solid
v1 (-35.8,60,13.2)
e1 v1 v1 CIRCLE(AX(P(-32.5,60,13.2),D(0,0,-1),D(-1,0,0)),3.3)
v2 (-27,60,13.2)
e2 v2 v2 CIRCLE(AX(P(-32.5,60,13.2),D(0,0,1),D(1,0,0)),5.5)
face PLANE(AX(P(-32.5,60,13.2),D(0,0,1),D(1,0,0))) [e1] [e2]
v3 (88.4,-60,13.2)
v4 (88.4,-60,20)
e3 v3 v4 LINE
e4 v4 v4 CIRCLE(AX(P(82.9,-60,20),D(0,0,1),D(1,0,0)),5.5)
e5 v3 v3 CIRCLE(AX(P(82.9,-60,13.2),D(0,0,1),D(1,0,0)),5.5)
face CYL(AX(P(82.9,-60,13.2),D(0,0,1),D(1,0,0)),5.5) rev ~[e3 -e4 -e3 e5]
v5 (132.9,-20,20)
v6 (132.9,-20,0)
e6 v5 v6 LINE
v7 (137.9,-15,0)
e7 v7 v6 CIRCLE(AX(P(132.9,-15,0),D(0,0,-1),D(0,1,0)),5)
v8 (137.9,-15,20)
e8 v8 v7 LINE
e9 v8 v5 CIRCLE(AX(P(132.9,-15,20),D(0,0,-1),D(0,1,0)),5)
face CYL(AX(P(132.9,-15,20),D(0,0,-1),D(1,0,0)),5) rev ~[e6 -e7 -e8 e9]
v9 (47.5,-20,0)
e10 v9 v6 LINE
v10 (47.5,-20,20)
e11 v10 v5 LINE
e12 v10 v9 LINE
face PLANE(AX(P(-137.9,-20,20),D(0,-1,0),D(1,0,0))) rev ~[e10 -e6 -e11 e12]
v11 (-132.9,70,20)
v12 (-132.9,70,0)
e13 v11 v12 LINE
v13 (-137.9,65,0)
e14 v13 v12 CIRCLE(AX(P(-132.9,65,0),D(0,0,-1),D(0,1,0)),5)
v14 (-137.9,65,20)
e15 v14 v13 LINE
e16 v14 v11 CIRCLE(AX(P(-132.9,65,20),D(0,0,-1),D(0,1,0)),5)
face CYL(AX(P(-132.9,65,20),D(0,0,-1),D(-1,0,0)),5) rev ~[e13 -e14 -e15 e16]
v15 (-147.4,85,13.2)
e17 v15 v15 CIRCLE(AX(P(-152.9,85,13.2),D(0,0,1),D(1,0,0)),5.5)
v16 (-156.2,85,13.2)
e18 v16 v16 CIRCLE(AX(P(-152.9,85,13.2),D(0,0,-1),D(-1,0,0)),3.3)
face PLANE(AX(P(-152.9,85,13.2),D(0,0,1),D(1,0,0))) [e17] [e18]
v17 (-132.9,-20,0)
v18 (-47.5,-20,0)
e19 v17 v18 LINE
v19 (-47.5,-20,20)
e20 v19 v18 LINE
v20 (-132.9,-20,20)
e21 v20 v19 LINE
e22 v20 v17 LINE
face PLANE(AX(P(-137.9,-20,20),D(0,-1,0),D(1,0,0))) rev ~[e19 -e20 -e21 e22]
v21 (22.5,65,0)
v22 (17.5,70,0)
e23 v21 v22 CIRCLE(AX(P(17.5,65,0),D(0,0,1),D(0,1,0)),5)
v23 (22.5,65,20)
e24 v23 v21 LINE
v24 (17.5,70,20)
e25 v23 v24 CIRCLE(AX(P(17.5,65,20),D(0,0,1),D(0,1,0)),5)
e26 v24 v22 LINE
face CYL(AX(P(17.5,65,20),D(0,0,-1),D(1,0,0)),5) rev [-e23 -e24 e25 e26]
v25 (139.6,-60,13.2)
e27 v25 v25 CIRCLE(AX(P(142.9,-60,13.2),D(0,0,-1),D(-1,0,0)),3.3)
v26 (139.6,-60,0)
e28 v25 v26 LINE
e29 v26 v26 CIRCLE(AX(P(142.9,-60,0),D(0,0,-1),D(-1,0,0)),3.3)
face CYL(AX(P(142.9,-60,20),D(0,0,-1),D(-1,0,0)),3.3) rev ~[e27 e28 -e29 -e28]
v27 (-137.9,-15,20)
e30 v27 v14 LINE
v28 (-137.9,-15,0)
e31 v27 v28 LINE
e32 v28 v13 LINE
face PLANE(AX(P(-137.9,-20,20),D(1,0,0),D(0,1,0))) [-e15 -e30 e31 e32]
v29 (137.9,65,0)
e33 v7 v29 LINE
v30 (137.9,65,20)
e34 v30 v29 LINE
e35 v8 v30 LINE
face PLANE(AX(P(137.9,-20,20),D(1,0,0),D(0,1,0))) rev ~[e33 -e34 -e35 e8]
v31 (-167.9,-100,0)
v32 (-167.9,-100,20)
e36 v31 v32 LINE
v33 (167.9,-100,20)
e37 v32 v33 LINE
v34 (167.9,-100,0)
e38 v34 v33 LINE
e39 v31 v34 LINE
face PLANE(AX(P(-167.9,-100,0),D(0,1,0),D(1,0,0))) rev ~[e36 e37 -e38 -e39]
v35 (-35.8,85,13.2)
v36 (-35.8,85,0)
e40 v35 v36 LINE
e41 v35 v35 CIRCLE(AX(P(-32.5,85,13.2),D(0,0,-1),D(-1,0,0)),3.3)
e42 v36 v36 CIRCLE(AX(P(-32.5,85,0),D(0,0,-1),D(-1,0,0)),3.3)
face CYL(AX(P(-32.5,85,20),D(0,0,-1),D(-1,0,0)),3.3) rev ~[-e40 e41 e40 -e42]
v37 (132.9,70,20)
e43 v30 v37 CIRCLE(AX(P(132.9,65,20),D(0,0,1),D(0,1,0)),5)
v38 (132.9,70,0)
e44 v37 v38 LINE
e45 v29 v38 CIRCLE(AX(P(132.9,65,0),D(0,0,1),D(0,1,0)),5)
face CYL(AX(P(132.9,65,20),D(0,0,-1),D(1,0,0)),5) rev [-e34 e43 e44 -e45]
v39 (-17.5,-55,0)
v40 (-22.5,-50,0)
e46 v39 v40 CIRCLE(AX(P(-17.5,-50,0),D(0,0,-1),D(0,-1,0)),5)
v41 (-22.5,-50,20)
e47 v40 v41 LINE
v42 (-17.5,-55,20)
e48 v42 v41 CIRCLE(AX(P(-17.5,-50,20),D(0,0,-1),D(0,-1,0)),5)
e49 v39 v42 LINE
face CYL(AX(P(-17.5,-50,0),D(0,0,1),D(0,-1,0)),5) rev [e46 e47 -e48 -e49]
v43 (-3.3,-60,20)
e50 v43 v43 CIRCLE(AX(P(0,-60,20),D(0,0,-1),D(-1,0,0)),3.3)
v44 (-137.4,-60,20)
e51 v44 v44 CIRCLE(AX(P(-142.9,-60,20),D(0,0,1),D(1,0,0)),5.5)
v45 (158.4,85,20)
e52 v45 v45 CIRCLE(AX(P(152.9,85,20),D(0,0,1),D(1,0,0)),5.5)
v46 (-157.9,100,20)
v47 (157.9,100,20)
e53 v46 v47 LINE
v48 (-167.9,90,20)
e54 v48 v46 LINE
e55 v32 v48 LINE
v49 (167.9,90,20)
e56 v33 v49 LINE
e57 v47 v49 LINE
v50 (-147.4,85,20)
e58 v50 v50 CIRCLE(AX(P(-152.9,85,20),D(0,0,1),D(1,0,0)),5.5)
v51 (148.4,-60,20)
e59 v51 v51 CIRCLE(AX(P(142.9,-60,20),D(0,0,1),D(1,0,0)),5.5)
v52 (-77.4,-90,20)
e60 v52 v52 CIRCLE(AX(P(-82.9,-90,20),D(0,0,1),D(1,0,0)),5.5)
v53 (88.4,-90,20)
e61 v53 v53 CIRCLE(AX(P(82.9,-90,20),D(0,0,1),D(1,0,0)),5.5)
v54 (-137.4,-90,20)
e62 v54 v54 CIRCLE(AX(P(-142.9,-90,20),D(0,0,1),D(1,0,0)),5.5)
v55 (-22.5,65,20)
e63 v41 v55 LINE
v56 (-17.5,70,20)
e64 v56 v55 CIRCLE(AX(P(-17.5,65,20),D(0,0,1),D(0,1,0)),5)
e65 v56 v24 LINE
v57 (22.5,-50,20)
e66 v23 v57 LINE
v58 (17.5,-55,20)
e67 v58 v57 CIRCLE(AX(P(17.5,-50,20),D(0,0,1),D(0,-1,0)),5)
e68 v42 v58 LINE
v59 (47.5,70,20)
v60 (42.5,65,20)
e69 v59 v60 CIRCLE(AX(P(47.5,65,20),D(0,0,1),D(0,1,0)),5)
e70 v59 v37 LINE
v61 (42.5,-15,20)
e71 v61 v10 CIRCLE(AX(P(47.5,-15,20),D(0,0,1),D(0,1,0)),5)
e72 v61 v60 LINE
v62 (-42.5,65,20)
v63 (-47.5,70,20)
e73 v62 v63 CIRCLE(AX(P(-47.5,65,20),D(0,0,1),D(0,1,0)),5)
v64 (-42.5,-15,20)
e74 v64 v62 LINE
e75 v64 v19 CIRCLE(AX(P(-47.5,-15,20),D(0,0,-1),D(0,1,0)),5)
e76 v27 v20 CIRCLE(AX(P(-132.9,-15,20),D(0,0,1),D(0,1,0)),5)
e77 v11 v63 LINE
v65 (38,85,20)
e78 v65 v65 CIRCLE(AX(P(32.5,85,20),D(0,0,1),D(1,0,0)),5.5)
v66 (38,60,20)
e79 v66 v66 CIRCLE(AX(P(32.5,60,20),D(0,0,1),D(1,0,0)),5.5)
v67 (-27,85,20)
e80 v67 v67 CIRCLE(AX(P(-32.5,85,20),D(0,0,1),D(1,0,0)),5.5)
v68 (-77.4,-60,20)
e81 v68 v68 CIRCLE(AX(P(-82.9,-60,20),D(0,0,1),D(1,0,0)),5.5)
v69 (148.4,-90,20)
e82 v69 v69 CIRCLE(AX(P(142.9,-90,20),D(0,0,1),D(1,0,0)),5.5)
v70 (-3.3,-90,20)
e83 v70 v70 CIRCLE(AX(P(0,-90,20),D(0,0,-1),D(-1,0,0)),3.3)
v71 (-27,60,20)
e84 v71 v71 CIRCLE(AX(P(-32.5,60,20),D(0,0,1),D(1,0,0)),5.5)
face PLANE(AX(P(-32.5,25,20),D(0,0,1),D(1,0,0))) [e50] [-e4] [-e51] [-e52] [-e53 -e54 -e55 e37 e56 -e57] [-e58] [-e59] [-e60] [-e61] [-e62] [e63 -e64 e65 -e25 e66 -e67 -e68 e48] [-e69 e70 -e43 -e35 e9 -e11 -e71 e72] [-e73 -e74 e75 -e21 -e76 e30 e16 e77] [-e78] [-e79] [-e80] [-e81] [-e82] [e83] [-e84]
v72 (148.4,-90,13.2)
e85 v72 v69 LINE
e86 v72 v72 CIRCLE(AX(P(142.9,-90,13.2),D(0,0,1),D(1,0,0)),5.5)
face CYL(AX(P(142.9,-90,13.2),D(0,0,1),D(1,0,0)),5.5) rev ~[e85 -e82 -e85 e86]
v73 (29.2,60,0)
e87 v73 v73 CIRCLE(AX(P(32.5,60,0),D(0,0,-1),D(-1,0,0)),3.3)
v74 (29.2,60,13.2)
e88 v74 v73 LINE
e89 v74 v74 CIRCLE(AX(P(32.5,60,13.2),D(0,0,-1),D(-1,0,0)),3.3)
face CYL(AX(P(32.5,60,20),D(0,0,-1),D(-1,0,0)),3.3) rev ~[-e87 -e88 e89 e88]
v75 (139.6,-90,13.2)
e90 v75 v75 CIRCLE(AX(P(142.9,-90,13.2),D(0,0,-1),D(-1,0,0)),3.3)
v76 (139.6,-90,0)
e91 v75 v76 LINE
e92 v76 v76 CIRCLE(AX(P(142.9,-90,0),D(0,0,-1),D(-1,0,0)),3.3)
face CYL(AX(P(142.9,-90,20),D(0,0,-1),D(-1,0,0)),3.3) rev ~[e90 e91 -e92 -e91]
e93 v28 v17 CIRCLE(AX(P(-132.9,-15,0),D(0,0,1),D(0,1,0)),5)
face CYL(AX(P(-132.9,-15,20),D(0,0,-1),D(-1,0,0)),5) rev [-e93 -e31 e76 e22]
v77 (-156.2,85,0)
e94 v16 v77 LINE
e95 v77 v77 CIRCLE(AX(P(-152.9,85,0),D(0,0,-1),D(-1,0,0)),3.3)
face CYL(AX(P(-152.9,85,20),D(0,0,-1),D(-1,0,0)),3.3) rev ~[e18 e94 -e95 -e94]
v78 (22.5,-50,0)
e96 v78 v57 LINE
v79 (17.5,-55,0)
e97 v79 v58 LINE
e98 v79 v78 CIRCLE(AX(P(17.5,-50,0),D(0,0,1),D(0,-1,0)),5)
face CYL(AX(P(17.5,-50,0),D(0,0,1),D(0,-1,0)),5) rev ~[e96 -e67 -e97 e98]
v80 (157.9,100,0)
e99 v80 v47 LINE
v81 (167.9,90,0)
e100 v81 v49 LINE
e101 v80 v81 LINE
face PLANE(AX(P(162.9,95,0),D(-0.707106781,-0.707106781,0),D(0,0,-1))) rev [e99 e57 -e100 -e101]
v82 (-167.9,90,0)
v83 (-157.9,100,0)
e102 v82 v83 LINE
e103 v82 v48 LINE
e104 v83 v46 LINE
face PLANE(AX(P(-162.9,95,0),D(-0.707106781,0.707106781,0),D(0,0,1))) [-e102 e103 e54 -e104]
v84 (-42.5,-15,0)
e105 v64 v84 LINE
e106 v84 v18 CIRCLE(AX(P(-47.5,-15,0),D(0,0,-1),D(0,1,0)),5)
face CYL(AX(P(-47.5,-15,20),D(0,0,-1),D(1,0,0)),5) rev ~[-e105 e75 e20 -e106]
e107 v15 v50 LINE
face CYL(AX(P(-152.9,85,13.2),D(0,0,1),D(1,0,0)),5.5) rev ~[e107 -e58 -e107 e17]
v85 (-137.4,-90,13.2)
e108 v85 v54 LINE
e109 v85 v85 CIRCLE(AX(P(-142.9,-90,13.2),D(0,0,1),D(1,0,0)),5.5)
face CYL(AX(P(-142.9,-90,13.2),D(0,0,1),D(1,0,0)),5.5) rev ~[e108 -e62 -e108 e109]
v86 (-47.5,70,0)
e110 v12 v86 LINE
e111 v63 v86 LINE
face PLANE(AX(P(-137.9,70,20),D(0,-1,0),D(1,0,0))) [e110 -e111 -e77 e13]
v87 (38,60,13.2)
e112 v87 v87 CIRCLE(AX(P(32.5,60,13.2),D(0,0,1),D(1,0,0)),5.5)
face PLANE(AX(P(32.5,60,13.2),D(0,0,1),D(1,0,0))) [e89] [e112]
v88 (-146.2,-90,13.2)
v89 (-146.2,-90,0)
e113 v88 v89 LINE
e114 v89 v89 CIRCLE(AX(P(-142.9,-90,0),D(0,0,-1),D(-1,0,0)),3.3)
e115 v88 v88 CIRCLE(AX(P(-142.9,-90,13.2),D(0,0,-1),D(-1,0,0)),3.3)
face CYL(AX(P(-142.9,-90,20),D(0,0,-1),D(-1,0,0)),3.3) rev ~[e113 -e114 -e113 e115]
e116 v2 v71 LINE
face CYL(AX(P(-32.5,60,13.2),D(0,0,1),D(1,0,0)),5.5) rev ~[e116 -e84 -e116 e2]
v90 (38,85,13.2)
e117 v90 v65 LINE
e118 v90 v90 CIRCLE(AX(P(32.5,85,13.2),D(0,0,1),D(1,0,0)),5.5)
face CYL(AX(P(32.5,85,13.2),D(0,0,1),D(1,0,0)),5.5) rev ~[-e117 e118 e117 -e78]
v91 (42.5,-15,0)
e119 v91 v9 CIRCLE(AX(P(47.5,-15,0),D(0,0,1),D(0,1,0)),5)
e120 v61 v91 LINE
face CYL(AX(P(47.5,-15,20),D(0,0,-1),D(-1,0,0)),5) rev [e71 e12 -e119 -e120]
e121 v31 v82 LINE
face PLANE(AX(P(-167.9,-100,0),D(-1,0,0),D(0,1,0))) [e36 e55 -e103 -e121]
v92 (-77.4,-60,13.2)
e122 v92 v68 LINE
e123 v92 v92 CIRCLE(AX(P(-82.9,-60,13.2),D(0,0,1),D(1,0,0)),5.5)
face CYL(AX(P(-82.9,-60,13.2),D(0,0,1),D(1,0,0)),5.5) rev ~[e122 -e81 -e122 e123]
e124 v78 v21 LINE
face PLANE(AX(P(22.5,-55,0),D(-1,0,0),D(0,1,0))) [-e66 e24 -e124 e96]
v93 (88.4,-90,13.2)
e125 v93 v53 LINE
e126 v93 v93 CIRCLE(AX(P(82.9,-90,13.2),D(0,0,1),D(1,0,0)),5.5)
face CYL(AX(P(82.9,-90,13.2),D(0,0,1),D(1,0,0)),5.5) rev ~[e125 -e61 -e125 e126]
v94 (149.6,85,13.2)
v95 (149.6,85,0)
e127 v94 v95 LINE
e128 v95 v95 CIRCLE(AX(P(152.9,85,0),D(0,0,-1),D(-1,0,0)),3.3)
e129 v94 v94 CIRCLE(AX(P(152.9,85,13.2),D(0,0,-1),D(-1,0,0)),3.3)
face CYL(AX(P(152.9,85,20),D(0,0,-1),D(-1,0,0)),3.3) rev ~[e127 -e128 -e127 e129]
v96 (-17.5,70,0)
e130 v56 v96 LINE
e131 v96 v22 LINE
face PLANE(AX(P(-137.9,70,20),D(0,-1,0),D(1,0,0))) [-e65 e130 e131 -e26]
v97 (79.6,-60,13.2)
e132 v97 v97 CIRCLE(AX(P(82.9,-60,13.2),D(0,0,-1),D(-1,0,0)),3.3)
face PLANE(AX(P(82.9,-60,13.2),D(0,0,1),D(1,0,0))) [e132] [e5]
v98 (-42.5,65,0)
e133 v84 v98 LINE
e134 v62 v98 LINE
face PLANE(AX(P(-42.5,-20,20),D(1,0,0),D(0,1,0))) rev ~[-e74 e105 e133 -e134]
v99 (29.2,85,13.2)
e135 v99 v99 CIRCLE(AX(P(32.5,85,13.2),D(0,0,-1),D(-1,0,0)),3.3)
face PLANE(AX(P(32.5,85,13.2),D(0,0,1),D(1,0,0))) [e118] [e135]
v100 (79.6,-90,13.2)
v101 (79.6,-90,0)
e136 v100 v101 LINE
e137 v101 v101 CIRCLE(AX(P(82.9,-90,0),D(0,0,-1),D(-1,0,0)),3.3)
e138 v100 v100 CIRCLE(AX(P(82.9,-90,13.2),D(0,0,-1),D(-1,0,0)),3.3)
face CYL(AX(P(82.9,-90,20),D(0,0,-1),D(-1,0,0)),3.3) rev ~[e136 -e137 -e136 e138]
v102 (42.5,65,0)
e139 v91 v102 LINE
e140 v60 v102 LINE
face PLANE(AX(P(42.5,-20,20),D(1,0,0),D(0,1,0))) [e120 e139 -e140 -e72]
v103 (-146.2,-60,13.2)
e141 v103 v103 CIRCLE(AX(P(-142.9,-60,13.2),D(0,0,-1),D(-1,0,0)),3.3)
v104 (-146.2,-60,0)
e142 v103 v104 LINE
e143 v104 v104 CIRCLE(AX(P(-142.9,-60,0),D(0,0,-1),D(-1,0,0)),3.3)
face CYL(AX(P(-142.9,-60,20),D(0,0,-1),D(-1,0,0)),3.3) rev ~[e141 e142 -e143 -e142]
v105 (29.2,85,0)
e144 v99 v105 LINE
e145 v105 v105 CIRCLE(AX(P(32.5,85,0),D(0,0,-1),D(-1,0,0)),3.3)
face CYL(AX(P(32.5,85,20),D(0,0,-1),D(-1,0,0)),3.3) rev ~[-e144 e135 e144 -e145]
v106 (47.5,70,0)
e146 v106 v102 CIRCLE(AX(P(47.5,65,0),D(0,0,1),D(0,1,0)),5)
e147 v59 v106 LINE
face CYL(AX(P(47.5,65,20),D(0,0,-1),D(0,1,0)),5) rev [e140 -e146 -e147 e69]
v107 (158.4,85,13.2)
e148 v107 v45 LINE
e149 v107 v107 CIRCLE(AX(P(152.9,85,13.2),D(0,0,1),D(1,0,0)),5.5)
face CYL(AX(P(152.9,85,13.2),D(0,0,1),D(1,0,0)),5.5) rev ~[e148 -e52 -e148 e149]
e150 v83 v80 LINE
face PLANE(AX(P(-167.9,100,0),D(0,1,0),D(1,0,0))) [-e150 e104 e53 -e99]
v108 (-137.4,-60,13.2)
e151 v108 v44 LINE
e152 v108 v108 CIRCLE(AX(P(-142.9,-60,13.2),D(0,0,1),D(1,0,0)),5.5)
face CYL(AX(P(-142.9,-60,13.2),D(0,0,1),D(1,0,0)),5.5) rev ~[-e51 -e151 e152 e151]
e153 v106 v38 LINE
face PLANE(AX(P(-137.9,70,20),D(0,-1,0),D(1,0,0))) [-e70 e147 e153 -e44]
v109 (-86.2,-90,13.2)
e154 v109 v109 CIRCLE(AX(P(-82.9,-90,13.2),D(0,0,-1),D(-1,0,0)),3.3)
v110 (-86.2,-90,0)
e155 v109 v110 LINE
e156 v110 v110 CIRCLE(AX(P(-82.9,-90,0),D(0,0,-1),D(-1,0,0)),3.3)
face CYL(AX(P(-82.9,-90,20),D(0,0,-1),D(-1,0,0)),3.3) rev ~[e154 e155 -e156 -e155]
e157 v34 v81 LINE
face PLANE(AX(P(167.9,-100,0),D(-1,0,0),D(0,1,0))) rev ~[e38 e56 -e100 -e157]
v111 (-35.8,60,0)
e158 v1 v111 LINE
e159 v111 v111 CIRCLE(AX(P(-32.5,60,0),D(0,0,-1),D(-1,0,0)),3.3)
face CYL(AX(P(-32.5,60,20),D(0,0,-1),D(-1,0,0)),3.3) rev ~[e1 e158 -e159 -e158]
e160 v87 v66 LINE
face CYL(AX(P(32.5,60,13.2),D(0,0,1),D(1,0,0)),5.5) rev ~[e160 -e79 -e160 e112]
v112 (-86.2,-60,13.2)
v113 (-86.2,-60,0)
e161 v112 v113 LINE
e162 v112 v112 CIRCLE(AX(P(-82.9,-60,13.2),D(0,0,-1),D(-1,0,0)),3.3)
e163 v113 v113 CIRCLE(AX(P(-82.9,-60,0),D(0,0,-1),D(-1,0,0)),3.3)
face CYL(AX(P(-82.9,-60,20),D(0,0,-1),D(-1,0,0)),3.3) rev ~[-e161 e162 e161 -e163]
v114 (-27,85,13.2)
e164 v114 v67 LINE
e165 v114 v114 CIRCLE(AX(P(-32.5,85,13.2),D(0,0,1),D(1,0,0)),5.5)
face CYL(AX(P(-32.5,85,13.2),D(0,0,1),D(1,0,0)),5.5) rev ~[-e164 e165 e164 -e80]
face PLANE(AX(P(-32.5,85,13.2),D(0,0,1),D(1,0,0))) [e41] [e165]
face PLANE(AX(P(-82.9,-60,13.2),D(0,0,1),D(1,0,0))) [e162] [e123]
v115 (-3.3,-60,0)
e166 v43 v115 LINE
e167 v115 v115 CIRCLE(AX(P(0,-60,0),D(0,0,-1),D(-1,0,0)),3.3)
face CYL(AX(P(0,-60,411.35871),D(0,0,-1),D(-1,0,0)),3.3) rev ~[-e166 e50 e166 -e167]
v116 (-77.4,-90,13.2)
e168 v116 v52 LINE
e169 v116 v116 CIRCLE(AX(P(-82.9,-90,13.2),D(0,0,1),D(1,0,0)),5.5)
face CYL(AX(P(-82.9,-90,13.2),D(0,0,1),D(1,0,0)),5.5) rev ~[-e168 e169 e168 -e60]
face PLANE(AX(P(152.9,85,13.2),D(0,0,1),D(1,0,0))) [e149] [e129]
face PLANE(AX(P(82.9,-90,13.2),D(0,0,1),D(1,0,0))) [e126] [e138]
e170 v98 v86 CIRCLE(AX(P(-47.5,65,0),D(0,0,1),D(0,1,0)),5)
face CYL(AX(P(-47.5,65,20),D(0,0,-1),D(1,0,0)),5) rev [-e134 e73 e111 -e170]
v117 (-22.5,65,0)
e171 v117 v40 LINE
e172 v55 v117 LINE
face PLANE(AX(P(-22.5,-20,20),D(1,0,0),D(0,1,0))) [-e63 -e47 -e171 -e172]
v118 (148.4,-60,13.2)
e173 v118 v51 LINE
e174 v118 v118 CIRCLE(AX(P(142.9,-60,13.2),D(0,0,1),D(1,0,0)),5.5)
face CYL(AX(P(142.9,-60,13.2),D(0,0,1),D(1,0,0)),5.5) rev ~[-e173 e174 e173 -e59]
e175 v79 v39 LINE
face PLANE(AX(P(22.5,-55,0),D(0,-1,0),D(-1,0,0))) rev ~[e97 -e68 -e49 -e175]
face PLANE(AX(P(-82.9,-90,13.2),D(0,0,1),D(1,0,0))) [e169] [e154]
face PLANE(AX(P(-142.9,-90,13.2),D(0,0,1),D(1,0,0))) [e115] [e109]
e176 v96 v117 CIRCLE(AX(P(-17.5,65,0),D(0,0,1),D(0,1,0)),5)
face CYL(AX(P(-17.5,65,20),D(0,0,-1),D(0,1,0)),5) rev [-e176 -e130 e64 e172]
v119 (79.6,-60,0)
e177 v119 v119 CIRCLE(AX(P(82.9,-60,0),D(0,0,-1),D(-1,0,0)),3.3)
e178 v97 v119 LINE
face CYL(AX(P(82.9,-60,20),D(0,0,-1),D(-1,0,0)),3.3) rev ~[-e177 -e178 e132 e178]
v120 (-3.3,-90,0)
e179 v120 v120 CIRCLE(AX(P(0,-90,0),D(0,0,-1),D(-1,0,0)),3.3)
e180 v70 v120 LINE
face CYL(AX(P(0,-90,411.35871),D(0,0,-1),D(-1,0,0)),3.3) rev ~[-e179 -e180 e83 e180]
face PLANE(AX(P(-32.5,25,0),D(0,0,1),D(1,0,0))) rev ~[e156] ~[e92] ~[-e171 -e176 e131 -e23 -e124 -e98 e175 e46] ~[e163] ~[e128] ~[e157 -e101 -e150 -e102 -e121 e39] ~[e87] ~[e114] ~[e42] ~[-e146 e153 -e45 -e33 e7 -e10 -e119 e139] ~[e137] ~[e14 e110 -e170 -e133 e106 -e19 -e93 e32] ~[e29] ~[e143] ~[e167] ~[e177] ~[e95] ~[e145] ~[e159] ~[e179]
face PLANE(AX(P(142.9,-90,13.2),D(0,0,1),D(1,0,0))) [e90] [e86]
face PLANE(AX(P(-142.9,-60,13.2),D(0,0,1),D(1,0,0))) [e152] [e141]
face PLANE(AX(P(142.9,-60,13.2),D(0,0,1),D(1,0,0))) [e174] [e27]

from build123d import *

# Parameters (mm, degrees)
SKETCH1_W                                            = 335.8
SKETCH1_H                                            = 200
BOSS_EXTRUDE1_DEPTH                                  = 20
SKETCH2_W                                            = 275.8
SKETCH2_H                                            = 90
CUT_EXTRUDE1_DEPTH                                   = 197.44441962
SKETCH3_W                                            = 45
SKETCH3_H                                            = 90
CUT_EXTRUDE2_DEPTH                                   = 197.44441962
CBORE_FOR_M6_HEXAGON_SOCKET_HEAD_CAP_SCR_D           = 6.6
CBORE_FOR_M6_HEXAGON_SOCKET_HEAD_CAP_SCR_CBORE_D     = 11
CBORE_FOR_M6_HEXAGON_SOCKET_HEAD_CAP_SCR_CBORE_DEPTH = 6.8
M6_CLEARANCE_HOLE1_D                                 = 6.6
SKETCH8_W                                            = 20
SKETCH8_H                                            = 90
BOSS_EXTRUDE2_DEPTH                                  = 20
FILLET1_R                                            = 5
CBORE_FOR_M6_HEXAGON_SOCKET_HEAD_CAP_2_D             = 6.6
CBORE_FOR_M6_HEXAGON_SOCKET_HEAD_CAP_2_CBORE_D       = 11
CBORE_FOR_M6_HEXAGON_SOCKET_HEAD_CAP_2_CBORE_DEPTH   = 6.8
CHAMFER1_SIZE                                        = 10


with BuildPart() as part:
    # Sketch1 → Boss-Extrude1 (new body)
    with BuildSketch(Plane.XY):
        Rectangle(SKETCH1_W, SKETCH1_H)
    extrude(amount=BOSS_EXTRUDE1_DEPTH)

    # Sketch2 → Cut-Extrude1 (cut, through all)
    with BuildSketch(Plane.XY.offset(20)):
        with Locations((0, 25)):
            Rectangle(SKETCH2_W, SKETCH2_H)
    extrude(amount=-CUT_EXTRUDE1_DEPTH, mode=Mode.SUBTRACT)

    # Sketch3 → Cut-Extrude2 (cut, through all)
    with BuildSketch(Plane(origin=(0, 0, 0), x_dir=(-1, 0, 0), z_dir=(0, 0, -1))):
        with Locations((0, -10)):
            Rectangle(SKETCH3_W, SKETCH3_H)
    extrude(amount=-CUT_EXTRUDE2_DEPTH, mode=Mode.SUBTRACT)

    # CBORE for M6 Hexagon socket head cap scr (through all)
    with Locations(Plane.XY.offset(20)):
        with Locations((-142.9, -60), (-142.9, -90), (-82.9, -60), (-82.9, -90), (82.9, -90), (82.9, -60), (142.9, -90), (142.9, -60)):
            CounterBoreHole(CBORE_FOR_M6_HEXAGON_SOCKET_HEAD_CAP_SCR_D / 2, CBORE_FOR_M6_HEXAGON_SOCKET_HEAD_CAP_SCR_CBORE_D / 2, CBORE_FOR_M6_HEXAGON_SOCKET_HEAD_CAP_SCR_CBORE_DEPTH)

    # M6 Clearance Hole1 (through all)
    with Locations(Plane.XY.offset(20)):
        with Locations((0, -60), (0, -90)):
            Hole(M6_CLEARANCE_HOLE1_D / 2)

    # Sketch8 → Boss-Extrude2 (add)
    with BuildSketch(Plane.XY.offset(20)):
        with Locations((-32.5, 25)):
            Rectangle(SKETCH8_W, SKETCH8_H)
        with Locations((32.5, 25)):
            Rectangle(SKETCH8_W, SKETCH8_H)
    extrude(amount=-BOSS_EXTRUDE2_DEPTH)

    # Fillet1
    fillet1_edges = [part.edges().sort_by_distance(p)[0] for p in [
        (-22.5, 70, 10),
        (-42.5, -20, 10),
        (-42.5, 70, 10),
        (22.5, 70, 10),
        (42.5, 70, 10),
        (42.5, -20, 10),
        (-137.9, -20, 10),
        (-137.9, 70, 10),
        (137.9, 70, 10),
        (137.9, -20, 10),
        (22.5, -55, 10),
        (-22.5, -55, 10),
    ]]
    fillet(fillet1_edges, radius=FILLET1_R)

    # CBORE for M6 Hexagon socket head cap 2 (through all)
    with Locations(Plane.XY.offset(20)):
        with Locations((-152.9, 85), (-32.5, 60), (-32.5, 85), (32.5, 85), (32.5, 60), (152.9, 85)):
            CounterBoreHole(CBORE_FOR_M6_HEXAGON_SOCKET_HEAD_CAP_2_D / 2, CBORE_FOR_M6_HEXAGON_SOCKET_HEAD_CAP_2_CBORE_D / 2, CBORE_FOR_M6_HEXAGON_SOCKET_HEAD_CAP_2_CBORE_DEPTH)

    # Chamfer1
    chamfer1_edges = [part.edges().sort_by_distance(p)[0] for p in [
        (167.9, 100, 10),
        (-167.9, 100, 10),
    ]]
    chamfer(chamfer1_edges, length=CHAMFER1_SIZE)


solid = part.part
